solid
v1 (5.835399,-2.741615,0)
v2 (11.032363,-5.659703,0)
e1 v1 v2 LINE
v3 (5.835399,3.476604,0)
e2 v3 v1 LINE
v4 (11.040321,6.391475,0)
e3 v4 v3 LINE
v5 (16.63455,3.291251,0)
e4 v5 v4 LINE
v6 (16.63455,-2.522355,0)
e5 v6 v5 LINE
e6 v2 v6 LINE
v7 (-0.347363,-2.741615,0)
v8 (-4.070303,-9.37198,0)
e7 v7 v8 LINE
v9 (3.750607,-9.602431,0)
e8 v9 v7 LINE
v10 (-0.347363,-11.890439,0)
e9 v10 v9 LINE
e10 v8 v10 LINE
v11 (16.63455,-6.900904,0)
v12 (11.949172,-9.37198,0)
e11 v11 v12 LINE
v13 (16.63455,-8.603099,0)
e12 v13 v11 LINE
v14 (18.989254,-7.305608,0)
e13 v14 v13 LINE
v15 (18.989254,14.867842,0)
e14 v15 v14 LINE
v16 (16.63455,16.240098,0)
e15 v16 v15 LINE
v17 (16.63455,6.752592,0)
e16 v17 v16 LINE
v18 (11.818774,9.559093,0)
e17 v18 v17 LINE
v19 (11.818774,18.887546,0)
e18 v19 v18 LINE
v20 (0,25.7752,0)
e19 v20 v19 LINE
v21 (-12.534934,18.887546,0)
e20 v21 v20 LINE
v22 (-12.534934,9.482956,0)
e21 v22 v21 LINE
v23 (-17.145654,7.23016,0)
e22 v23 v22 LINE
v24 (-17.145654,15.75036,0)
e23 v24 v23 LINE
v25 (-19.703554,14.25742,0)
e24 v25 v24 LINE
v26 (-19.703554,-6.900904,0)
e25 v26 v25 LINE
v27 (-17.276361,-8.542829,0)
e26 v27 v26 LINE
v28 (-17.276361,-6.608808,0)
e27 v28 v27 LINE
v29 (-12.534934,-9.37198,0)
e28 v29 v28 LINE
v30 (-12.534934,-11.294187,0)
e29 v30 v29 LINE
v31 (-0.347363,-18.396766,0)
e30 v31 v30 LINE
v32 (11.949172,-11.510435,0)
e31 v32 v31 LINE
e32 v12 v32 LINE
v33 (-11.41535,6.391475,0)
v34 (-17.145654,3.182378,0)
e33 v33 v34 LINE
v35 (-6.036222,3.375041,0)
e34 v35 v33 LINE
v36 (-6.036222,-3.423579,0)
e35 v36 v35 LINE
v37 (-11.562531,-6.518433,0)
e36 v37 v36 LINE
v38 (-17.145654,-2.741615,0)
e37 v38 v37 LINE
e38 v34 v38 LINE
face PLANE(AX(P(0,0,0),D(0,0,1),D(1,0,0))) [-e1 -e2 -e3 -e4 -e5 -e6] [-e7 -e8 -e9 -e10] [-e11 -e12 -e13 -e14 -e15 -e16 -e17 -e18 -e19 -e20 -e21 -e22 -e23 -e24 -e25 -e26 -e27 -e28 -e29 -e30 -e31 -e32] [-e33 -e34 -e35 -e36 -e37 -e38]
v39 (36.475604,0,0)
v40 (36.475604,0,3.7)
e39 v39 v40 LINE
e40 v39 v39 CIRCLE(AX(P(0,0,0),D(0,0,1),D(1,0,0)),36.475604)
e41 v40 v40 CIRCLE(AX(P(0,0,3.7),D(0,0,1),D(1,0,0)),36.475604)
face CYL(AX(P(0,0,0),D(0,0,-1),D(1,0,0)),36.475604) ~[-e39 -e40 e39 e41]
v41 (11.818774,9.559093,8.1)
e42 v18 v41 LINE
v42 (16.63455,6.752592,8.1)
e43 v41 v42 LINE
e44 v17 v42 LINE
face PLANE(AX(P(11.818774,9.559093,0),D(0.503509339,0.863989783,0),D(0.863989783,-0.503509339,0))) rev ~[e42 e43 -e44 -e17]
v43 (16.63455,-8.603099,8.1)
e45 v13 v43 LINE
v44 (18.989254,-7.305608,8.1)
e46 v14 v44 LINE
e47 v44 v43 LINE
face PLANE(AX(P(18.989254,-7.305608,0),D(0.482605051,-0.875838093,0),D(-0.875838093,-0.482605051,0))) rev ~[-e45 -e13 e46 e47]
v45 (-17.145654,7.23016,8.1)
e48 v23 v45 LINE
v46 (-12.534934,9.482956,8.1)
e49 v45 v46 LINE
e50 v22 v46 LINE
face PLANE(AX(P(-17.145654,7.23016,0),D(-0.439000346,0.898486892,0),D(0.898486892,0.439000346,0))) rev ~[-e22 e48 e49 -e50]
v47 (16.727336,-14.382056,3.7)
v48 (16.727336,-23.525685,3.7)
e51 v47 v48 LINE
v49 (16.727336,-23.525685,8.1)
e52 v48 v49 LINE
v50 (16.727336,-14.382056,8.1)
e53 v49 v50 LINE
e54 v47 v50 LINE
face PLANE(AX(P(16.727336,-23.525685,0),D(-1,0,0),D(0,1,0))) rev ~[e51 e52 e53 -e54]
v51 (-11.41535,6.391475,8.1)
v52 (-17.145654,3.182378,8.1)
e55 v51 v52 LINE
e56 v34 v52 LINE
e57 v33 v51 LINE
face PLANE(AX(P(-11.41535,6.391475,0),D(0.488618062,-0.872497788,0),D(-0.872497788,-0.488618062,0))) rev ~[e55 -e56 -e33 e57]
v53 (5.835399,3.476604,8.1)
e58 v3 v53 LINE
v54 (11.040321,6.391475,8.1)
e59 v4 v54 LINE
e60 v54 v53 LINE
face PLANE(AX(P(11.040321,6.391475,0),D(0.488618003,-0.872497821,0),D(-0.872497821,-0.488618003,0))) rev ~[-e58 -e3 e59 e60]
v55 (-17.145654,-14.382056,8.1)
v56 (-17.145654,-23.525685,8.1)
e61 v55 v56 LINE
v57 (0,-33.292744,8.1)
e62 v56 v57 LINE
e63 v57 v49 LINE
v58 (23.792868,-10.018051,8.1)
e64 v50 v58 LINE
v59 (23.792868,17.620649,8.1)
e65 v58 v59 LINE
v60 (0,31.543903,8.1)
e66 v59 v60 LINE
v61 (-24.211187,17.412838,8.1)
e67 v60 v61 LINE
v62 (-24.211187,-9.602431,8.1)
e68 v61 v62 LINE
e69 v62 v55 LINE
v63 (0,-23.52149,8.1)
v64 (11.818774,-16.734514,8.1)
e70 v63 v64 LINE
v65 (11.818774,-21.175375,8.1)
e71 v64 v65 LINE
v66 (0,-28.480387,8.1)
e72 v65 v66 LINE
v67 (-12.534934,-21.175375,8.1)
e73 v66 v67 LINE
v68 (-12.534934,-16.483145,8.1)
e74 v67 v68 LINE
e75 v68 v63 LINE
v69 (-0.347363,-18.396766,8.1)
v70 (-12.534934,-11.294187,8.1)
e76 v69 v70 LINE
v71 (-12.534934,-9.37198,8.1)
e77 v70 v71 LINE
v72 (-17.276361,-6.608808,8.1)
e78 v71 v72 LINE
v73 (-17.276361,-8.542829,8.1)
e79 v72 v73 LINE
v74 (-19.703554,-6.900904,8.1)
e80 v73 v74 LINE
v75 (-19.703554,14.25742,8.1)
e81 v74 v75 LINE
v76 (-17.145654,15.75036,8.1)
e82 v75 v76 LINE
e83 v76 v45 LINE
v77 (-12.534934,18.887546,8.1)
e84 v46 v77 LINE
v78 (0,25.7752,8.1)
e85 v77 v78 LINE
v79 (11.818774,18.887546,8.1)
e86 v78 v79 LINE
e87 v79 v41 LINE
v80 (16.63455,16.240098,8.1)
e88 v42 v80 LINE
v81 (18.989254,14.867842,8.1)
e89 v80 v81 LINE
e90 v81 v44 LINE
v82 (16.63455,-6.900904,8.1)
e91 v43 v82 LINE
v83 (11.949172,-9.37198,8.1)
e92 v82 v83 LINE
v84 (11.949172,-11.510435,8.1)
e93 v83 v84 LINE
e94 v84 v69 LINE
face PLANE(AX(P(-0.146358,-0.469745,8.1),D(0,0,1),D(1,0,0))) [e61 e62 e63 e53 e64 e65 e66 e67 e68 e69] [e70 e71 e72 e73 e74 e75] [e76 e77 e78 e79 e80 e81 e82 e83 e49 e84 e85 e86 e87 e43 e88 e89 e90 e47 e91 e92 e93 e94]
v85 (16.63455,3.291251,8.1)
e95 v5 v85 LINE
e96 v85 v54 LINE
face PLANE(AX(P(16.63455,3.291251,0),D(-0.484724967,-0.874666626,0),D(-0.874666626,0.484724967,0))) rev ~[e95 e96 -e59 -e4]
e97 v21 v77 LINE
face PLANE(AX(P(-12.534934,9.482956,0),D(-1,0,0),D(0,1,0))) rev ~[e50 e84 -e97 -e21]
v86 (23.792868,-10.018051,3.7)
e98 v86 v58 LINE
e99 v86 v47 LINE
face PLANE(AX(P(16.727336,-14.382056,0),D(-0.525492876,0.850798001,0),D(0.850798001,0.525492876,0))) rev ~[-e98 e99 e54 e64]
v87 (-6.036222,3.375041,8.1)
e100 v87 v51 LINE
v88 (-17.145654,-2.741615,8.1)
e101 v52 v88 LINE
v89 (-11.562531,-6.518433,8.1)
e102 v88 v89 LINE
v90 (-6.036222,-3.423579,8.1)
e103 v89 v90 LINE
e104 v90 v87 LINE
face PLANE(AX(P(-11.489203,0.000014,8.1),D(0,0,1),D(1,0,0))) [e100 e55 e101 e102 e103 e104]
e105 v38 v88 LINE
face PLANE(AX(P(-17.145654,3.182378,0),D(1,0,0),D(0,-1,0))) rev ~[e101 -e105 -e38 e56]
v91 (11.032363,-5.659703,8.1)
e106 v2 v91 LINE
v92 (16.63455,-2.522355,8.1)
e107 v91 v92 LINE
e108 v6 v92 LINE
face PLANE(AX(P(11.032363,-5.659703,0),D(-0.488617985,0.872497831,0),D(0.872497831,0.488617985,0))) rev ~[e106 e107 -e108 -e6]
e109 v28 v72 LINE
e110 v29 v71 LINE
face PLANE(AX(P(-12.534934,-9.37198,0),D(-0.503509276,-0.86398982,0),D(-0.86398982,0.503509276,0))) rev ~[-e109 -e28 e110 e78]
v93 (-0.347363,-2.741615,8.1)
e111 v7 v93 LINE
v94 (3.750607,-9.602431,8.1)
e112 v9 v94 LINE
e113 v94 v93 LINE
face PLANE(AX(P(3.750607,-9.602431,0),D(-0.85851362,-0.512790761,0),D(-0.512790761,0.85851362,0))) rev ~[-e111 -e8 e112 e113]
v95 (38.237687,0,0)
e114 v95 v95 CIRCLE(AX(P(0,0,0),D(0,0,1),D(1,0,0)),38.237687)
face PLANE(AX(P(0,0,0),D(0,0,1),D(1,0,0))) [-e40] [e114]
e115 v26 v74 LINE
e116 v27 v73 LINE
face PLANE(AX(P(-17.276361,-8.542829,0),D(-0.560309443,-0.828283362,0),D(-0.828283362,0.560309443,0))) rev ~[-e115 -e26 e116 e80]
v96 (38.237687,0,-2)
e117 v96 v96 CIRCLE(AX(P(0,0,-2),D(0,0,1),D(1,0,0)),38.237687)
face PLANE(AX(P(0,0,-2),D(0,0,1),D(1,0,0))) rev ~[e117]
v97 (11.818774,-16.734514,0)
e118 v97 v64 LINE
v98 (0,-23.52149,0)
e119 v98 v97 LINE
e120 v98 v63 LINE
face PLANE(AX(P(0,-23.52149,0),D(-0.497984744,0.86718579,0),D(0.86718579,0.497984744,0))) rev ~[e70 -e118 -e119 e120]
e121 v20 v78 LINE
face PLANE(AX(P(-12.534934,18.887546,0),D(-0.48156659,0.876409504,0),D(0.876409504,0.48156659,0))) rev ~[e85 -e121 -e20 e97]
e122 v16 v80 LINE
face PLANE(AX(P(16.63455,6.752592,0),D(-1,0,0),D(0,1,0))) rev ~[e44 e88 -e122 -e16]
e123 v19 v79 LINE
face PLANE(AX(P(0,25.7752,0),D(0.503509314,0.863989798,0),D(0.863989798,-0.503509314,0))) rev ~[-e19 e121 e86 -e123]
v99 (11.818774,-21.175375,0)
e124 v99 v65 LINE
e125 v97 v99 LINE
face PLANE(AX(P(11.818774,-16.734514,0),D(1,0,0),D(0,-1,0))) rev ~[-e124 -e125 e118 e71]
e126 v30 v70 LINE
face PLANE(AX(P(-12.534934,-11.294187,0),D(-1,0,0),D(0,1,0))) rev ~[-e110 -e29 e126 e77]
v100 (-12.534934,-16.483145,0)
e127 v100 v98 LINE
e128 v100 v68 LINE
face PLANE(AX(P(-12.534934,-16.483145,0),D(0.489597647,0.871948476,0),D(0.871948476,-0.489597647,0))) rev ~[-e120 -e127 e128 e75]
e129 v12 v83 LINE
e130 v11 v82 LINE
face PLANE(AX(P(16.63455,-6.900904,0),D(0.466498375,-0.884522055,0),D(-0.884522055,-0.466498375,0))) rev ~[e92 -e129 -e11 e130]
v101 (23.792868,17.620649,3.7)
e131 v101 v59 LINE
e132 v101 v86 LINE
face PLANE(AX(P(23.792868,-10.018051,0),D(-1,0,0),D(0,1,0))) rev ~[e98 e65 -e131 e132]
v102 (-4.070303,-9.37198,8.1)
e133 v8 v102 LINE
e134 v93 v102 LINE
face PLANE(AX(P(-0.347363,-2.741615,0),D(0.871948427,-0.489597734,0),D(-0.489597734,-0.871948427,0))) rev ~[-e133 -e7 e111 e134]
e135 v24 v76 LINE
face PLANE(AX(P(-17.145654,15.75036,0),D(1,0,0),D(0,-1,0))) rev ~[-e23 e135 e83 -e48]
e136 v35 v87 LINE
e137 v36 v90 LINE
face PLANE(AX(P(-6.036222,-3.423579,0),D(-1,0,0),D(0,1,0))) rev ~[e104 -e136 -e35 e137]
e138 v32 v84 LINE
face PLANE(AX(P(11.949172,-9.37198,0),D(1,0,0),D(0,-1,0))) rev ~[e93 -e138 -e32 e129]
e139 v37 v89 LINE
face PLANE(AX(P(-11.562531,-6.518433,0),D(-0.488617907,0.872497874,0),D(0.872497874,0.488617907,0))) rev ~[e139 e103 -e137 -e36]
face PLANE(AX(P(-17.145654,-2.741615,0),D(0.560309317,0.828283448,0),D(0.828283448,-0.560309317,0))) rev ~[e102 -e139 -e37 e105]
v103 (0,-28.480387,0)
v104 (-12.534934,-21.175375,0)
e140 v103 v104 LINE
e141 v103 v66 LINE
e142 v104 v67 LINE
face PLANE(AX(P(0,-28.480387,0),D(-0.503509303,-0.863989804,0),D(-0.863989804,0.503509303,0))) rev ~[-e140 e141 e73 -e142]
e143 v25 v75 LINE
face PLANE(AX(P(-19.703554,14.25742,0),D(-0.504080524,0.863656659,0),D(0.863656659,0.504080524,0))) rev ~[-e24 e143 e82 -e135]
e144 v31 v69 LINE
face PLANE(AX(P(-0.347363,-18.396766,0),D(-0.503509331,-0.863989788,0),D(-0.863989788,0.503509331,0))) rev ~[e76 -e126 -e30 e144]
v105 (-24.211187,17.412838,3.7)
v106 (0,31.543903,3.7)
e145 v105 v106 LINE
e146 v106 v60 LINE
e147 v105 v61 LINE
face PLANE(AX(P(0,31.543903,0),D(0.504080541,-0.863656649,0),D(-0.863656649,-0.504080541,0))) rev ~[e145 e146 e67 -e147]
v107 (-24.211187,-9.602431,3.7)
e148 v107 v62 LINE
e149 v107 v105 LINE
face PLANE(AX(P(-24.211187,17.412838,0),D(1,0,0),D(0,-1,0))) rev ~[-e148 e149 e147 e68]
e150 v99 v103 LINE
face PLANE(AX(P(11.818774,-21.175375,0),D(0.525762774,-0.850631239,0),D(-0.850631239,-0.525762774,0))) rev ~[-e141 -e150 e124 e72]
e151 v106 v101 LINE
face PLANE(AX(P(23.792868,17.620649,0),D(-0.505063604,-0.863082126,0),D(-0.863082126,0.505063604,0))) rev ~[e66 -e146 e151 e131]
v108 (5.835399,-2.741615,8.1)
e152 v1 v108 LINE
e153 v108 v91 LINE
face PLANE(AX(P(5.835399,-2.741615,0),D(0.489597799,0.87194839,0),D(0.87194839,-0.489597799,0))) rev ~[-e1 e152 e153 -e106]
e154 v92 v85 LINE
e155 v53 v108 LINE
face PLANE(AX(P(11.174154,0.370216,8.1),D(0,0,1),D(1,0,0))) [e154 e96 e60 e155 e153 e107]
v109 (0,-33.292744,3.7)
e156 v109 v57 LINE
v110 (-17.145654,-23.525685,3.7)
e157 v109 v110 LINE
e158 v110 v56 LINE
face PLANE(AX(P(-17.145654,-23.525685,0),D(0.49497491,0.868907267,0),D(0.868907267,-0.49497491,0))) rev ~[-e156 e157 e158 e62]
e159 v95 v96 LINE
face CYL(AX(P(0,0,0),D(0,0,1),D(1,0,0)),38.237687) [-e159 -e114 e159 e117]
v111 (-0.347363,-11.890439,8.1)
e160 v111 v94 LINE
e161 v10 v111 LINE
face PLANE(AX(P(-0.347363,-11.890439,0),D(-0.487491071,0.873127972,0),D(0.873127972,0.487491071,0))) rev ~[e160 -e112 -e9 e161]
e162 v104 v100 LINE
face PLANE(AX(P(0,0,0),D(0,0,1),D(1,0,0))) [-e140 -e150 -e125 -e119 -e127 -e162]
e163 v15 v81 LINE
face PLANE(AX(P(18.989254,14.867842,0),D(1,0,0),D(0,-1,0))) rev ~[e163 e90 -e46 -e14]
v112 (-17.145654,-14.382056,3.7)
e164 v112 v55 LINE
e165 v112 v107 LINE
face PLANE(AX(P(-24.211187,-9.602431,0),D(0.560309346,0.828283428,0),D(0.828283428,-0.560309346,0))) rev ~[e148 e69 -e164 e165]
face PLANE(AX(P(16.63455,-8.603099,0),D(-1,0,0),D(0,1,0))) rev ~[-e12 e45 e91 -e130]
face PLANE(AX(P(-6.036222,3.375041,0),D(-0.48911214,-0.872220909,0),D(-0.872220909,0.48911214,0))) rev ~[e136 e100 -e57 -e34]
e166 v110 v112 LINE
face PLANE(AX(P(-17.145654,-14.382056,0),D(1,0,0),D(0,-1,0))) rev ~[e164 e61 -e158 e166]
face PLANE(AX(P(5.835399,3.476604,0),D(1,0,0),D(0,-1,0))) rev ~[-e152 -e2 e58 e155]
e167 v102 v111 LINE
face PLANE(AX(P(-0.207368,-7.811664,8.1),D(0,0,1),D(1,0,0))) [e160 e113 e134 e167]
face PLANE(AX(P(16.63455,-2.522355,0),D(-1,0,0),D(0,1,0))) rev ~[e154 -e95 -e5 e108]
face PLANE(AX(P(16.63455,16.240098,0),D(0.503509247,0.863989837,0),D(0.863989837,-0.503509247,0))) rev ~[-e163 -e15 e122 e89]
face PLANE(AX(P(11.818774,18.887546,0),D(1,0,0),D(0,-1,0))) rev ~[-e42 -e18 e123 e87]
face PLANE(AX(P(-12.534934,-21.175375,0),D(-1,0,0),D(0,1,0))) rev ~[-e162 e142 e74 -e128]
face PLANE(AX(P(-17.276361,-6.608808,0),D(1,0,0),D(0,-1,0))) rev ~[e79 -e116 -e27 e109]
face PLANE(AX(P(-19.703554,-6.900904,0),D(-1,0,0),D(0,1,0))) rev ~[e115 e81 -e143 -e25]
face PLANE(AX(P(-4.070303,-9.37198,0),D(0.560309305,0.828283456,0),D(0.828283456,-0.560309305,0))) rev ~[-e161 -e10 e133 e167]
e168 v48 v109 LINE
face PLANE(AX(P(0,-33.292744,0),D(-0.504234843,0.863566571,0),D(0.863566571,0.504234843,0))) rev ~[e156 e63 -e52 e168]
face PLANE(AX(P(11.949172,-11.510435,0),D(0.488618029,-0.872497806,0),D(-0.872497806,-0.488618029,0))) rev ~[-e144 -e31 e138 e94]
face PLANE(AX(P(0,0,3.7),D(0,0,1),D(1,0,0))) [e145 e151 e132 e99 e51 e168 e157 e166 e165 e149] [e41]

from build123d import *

# Parameters (mm, degrees)
F0_R     = 36.475604
F1_DEPTH = 3.7
F2_DEPTH = 8.1
F3_R     = 38.237687
F4_DEPTH = 2


with BuildPart() as f1:
    # F0 (on Top) → F1 (new body)
    with BuildSketch(Plane.XY):
        Circle(F0_R)
        Polygon((-24.211187, 17.412838), (0, 31.543903), (23.792868, 17.620649), (23.792868, -10.018051), (16.727336, -14.382056), (16.727336, -23.525685), (0, -33.292744), (-17.145654, -23.525685), (-17.145654, -14.382056), (-24.211187, -9.602431), align=None, mode=Mode.SUBTRACT)
    extrude(amount=F1_DEPTH)

    # F0 (on Top) → F2 (join)
    with BuildSketch(Plane.XY):
        Polygon((23.792868, 17.620649), (0, 31.543903), (-24.211187, 17.412838), (-24.211187, -9.602431), (-17.145654, -14.382056), (-17.145654, -23.525685), (0, -33.292744), (16.727336, -23.525685), (16.727336, -14.382056), (23.792868, -10.018051), align=None)
        Polygon((-12.534934, -21.175375), (-12.534934, -16.483145), (0, -23.52149), (11.818774, -16.734514), (11.818774, -21.175375), (0, -28.480387), align=None, mode=Mode.SUBTRACT)
        Polygon((-17.145654, 15.75036), (-17.145654, 7.23016), (-12.534934, 9.482956), (-12.534934, 18.887546), (0, 25.7752), (11.818774, 18.887546), (11.818774, 9.559093), (16.63455, 6.752592), (16.63455, 16.240098), (18.989254, 14.867842), (18.989254, -7.305608), (16.63455, -8.603099), (16.63455, -6.900904), (11.949172, -9.37198), (11.949172, -11.510435), (-0.347363, -18.396766), (-12.534934, -11.294187), (-12.534934, -9.37198), (-17.276361, -6.608808), (-17.276361, -8.542829), (-19.703554, -6.900904), (-19.703554, 14.25742), align=None, mode=Mode.SUBTRACT)
        Polygon((16.63455, 3.291251), (11.040321, 6.391475), (5.835399, 3.476604), (5.835399, -2.741615), (11.032363, -5.659703), (16.63455, -2.522355), align=None)
        Polygon((-6.036222, 3.375041), (-11.41535, 6.391475), (-17.145654, 3.182378), (-17.145654, -2.741615), (-11.562531, -6.518433), (-6.036222, -3.423579), align=None)
        Polygon((3.750607, -9.602431), (-0.347363, -2.741615), (-4.070303, -9.37198), (-0.347363, -11.890439), align=None)
    extrude(amount=F2_DEPTH)

    # F3 (on Top) → F4 (join)
    with BuildSketch(Plane.XY):
        Circle(F3_R)
    extrude(amount=-F4_DEPTH)


solid = f1.part
